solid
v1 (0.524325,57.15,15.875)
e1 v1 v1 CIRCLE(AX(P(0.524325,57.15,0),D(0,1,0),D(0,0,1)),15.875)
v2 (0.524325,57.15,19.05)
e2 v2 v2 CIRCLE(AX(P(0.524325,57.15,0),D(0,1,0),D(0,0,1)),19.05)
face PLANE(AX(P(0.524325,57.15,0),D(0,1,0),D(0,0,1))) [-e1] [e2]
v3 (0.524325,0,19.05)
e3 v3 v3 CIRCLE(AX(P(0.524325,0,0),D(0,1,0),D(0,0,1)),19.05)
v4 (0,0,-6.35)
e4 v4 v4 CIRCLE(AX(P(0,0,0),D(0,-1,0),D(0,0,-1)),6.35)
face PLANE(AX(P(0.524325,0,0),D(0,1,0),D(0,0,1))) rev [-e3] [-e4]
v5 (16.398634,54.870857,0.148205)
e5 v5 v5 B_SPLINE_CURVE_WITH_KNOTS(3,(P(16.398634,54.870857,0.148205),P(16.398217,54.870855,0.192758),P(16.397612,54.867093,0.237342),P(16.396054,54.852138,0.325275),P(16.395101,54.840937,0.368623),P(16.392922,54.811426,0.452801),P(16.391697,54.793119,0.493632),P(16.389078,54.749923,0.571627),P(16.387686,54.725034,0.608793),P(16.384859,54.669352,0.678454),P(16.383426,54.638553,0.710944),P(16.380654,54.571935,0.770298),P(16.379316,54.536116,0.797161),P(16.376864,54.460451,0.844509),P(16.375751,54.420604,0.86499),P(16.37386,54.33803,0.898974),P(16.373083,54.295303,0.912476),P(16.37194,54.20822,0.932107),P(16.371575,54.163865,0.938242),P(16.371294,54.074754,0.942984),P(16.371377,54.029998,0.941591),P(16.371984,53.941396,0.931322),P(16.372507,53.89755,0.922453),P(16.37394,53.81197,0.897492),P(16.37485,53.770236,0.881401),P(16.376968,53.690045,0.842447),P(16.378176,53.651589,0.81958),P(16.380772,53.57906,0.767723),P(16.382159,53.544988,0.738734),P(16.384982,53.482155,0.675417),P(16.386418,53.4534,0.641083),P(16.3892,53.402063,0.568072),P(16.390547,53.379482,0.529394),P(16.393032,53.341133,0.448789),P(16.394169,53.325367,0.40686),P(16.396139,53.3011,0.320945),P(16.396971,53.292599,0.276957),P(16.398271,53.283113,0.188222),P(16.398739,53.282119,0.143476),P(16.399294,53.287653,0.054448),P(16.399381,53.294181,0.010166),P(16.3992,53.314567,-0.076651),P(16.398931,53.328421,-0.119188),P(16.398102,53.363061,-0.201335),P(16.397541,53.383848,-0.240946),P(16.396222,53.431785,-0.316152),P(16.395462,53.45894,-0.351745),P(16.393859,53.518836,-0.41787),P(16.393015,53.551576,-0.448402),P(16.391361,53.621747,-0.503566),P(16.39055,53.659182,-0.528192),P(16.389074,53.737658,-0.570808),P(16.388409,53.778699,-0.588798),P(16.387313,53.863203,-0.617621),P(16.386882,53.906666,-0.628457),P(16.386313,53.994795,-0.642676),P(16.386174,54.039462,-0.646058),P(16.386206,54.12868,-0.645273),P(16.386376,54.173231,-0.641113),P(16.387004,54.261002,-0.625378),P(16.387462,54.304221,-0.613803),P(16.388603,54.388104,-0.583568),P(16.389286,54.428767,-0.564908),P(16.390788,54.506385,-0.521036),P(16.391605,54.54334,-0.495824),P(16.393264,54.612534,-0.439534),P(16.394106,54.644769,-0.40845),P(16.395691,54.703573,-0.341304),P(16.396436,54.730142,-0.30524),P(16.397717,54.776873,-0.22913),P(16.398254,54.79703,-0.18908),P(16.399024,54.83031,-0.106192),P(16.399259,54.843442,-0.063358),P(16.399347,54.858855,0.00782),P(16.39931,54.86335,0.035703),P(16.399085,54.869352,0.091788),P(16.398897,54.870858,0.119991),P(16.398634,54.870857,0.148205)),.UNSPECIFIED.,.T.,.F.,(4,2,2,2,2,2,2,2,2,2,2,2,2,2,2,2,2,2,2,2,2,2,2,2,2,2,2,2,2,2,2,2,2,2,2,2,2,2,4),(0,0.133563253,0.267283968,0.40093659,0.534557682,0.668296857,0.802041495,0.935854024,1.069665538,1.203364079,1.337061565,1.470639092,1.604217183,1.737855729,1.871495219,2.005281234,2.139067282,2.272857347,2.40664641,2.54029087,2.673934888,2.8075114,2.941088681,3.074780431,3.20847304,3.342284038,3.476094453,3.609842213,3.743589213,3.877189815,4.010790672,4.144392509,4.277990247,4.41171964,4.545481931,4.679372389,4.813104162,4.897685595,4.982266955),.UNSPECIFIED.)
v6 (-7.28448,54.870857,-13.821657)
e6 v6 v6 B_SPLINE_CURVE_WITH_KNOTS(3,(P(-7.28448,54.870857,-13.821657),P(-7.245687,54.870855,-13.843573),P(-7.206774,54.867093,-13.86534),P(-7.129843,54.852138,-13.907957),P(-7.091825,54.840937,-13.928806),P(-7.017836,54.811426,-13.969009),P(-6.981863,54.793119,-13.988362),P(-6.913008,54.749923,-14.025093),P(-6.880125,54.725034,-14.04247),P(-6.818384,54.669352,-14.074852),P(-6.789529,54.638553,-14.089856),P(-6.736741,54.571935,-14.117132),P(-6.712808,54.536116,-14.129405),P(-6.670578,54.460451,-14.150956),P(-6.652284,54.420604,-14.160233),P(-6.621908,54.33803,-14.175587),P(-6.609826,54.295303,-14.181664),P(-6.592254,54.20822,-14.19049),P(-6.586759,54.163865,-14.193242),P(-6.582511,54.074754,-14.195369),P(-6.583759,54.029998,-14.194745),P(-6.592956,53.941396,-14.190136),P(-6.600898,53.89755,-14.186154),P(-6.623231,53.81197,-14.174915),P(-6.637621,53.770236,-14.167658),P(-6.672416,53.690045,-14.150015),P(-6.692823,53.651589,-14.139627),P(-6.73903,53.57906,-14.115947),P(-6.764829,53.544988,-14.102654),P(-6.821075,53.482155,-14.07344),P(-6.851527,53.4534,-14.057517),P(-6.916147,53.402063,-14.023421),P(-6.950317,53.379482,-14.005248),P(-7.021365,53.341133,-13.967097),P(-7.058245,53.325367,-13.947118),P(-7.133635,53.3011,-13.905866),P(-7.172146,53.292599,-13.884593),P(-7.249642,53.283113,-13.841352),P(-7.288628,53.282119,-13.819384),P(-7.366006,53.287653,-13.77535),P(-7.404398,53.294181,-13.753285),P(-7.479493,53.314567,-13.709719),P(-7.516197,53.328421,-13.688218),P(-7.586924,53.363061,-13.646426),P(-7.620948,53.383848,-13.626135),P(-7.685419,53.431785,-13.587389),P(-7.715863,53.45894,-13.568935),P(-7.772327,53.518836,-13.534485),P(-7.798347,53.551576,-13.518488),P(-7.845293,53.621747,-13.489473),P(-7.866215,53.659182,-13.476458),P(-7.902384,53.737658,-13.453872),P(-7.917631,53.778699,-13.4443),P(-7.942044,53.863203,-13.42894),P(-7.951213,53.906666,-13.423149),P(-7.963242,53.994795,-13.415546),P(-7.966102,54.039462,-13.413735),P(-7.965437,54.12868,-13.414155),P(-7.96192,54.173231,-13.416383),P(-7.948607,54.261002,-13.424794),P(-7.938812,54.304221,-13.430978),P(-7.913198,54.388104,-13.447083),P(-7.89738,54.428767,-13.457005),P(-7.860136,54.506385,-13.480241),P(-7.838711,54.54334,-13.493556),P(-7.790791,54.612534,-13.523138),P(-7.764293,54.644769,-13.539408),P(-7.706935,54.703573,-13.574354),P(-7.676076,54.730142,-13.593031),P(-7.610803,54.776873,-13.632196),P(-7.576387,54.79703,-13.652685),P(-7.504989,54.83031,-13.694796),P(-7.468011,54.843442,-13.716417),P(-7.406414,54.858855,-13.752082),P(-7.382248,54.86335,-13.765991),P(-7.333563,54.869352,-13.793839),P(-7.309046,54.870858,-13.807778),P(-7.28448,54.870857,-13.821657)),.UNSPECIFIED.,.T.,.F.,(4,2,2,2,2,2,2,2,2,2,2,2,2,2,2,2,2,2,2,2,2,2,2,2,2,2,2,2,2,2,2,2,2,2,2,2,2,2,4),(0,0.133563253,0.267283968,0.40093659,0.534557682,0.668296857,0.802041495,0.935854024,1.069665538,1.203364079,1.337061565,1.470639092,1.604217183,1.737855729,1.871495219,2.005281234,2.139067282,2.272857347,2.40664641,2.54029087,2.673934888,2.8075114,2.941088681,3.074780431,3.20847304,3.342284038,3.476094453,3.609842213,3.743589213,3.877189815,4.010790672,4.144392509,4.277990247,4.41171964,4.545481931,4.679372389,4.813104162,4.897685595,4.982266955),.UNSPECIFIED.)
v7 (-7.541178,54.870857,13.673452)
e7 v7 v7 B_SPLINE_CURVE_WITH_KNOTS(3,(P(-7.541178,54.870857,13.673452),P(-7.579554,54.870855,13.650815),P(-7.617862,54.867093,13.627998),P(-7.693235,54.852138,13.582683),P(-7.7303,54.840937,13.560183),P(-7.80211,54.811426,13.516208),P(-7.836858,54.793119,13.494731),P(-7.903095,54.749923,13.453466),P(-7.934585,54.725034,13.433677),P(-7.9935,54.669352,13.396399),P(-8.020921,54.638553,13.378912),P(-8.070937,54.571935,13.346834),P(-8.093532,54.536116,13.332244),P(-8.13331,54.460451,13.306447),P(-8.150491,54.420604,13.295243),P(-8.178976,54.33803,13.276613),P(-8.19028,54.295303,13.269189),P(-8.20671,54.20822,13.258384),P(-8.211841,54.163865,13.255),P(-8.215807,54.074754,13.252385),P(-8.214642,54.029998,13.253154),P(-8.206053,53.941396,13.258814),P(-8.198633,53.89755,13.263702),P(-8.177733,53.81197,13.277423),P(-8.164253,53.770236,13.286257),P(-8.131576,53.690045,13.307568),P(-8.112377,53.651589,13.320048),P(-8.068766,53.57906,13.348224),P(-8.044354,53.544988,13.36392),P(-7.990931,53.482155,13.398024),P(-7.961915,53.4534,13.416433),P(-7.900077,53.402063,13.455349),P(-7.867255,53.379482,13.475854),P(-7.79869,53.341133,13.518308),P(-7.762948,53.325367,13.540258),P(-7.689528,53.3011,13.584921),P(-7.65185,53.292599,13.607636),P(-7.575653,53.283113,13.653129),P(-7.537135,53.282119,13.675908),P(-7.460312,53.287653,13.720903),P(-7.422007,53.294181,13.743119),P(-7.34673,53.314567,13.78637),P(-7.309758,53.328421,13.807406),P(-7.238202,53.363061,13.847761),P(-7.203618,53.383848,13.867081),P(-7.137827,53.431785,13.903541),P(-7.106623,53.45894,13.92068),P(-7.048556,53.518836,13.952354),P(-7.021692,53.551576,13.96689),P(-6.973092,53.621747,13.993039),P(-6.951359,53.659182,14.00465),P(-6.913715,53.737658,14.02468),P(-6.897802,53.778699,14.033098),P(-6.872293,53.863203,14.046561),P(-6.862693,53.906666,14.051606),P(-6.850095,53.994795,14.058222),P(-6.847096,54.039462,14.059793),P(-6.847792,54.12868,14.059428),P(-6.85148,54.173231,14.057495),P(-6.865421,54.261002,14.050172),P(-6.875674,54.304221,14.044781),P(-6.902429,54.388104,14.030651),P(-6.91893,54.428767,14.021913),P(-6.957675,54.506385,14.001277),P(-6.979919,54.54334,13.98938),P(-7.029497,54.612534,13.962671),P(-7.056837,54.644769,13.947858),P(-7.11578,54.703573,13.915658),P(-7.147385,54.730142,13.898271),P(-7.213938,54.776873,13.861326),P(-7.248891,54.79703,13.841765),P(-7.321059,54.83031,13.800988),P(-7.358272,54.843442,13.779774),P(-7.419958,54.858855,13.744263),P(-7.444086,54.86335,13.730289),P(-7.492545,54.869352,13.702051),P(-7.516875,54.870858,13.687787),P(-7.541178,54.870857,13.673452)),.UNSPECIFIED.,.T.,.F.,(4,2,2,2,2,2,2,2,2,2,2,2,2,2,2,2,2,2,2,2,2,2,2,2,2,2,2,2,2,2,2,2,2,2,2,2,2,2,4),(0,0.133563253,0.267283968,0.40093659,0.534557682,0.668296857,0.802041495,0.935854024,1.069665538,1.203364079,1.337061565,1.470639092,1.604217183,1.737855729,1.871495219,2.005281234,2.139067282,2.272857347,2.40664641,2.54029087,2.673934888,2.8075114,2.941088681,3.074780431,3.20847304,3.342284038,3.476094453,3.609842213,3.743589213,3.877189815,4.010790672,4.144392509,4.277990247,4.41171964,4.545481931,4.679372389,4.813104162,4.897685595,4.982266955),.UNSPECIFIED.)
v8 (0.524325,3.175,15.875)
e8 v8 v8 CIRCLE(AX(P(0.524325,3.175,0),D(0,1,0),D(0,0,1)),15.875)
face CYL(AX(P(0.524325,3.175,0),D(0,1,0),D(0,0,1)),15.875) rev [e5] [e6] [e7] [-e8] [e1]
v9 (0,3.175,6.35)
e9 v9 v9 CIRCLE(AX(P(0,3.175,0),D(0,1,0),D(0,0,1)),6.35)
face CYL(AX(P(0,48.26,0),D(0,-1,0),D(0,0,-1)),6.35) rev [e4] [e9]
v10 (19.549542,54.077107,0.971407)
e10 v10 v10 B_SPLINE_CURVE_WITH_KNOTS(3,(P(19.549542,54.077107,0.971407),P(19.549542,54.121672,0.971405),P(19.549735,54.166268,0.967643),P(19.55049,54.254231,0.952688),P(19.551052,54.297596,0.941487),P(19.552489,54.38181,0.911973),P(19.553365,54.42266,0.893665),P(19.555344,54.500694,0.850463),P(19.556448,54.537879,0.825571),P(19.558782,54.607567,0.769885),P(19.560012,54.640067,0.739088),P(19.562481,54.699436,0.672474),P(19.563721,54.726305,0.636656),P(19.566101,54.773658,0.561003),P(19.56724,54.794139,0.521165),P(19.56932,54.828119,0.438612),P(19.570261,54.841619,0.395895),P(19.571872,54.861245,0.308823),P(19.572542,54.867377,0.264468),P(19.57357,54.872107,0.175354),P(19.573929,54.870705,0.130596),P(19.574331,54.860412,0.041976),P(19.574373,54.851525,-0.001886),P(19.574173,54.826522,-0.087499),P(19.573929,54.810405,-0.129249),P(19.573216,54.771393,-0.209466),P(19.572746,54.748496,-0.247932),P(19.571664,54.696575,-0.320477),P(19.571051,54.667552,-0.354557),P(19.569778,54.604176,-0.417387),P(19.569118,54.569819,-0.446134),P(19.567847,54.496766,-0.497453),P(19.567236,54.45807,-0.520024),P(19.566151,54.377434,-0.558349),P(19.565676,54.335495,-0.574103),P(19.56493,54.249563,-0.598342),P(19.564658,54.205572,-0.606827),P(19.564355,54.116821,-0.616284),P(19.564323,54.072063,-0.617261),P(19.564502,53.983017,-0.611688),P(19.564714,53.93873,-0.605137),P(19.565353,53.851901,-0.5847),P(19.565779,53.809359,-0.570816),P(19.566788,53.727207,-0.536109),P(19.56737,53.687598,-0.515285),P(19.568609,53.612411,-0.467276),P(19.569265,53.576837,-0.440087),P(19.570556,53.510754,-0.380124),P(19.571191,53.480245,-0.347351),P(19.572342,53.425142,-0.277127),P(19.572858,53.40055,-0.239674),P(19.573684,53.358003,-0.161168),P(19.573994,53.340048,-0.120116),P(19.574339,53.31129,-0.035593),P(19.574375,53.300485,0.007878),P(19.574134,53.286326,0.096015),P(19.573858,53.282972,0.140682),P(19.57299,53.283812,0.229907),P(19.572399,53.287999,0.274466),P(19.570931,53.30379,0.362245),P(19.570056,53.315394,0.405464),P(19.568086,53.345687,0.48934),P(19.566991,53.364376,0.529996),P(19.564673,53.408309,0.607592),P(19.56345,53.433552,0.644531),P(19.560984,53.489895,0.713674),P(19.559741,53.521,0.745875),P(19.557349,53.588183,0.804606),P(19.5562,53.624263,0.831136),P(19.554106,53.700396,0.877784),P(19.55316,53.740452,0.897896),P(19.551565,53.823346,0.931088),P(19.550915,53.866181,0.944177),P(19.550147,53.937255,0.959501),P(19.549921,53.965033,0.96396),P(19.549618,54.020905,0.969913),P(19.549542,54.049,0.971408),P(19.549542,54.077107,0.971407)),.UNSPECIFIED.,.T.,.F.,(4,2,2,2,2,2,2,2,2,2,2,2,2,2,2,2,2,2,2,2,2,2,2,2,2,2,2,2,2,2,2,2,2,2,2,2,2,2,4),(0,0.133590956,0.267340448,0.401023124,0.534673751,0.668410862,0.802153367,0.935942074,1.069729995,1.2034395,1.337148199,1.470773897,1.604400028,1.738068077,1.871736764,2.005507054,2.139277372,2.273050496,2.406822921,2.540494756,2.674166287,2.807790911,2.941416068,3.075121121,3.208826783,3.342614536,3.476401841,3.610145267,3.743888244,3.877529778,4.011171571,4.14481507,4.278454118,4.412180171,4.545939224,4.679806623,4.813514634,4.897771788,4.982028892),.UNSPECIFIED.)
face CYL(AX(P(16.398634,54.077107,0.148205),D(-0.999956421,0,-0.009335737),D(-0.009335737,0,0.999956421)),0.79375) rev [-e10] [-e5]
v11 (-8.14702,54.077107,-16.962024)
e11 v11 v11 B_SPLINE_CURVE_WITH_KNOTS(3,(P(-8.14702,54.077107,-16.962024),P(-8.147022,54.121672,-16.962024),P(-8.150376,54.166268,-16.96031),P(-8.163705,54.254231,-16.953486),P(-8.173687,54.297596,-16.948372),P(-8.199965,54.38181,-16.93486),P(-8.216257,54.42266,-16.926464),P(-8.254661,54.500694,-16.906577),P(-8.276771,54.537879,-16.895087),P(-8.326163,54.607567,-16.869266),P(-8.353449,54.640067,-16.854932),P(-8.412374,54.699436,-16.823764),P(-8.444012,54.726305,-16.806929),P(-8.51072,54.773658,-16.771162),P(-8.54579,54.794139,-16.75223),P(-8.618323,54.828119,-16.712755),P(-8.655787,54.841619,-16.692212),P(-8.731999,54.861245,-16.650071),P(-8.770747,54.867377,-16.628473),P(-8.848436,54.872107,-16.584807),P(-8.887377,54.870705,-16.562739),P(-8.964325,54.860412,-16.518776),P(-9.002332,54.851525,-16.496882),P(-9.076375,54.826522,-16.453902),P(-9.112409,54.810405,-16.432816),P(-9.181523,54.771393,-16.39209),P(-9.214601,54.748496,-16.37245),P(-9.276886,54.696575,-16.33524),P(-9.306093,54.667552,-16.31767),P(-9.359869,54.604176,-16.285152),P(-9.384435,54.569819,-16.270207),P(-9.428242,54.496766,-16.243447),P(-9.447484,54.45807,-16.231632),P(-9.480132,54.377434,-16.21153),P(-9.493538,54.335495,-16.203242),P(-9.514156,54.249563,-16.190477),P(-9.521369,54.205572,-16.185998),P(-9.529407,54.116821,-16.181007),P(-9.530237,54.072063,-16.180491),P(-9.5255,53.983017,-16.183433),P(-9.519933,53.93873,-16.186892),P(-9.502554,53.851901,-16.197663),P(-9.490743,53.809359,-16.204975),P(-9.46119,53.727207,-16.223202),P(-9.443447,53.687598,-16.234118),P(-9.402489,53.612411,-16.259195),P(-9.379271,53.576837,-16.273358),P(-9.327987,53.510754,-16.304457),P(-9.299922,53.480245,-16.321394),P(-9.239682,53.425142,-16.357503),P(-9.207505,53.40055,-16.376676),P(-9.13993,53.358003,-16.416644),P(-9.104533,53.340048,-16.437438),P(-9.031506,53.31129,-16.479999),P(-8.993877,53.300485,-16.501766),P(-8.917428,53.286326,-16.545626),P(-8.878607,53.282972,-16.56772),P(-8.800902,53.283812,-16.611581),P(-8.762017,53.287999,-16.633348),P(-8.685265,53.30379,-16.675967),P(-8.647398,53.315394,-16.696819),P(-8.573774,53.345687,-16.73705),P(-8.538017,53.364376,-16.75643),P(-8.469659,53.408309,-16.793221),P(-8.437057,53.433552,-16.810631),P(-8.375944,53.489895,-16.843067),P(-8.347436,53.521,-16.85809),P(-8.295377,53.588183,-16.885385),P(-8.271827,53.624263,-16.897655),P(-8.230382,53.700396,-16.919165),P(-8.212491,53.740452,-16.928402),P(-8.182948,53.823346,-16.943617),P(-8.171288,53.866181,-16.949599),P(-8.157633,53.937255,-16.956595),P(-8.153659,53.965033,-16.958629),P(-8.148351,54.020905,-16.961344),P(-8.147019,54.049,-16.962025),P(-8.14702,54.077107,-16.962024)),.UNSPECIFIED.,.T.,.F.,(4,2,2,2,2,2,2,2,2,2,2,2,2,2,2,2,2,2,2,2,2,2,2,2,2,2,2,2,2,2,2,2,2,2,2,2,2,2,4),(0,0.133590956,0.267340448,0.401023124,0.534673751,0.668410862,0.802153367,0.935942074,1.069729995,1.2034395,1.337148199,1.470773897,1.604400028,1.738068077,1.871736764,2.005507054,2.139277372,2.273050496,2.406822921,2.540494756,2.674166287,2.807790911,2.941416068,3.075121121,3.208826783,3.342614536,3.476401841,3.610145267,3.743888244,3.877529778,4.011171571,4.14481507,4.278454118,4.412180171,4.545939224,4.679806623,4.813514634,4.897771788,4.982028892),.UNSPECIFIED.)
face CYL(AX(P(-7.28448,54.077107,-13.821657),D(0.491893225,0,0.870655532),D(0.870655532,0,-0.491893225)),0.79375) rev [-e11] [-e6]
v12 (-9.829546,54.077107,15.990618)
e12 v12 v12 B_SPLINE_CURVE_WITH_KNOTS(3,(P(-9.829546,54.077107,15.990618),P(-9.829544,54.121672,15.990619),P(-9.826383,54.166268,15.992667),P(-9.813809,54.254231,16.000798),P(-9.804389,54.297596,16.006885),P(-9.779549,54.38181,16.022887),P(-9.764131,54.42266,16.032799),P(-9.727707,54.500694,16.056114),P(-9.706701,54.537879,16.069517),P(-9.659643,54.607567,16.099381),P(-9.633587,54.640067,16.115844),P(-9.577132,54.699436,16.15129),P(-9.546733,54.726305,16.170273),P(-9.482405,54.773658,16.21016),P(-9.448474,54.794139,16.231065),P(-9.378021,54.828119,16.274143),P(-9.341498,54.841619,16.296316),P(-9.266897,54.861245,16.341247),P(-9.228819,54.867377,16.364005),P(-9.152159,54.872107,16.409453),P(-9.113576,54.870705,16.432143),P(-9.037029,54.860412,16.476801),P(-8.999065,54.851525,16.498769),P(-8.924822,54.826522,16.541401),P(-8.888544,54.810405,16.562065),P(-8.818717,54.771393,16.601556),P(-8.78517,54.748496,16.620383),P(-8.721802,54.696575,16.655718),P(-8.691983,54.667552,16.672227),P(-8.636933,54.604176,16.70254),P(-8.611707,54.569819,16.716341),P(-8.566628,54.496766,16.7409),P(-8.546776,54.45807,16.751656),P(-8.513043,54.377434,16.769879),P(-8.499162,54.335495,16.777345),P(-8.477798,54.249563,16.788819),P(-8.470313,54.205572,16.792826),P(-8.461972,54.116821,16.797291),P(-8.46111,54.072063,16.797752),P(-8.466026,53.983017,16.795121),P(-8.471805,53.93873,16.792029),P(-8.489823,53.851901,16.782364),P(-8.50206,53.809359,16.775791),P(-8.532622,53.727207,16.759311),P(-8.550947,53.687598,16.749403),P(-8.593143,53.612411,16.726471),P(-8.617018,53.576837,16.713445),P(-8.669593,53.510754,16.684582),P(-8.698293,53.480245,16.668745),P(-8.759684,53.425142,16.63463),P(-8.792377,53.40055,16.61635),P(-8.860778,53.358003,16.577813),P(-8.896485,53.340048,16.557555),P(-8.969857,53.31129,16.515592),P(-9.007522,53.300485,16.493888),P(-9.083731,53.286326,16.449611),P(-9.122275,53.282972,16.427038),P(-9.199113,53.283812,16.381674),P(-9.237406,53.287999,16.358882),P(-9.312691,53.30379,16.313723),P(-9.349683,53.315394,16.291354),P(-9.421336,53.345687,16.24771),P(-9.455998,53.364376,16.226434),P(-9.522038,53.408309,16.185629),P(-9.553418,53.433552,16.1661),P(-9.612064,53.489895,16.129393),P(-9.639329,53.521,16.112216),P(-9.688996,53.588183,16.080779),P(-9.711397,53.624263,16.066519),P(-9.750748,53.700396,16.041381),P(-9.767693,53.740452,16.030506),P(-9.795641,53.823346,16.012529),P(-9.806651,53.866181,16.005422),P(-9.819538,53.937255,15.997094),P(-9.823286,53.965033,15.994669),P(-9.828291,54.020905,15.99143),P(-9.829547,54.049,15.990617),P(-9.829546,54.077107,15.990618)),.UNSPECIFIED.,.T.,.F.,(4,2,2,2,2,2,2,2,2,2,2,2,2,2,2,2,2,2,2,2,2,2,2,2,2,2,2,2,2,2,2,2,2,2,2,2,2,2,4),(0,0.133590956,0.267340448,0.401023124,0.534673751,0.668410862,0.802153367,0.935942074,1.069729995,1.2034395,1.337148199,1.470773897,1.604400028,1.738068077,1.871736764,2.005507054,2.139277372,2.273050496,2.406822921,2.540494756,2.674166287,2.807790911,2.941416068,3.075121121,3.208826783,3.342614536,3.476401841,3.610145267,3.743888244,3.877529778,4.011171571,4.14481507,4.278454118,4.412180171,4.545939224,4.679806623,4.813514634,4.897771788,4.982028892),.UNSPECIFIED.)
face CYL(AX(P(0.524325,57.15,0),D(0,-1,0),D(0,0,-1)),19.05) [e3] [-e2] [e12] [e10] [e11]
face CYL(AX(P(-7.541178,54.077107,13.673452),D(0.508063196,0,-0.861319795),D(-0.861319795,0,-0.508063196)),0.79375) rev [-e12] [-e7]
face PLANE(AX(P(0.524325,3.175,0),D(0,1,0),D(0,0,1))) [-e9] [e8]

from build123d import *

# Parameters (mm, degrees)
SKETCH1_R                          = 19.05
BOSS_EXTRUDE1_DEPTH                = 57.15
SKETCH2_R                          = 15.875
CUT_EXTRUDE1_DEPTH                 = 53.975
SKETCH3_R                          = 6.35
CUT_EXTRUDE2_DEPTH                 = 48.26
F_1_16_0_0625_DIAMETER_HOLE1_D     = 1.5875
F_1_16_0_0625_DIAMETER_HOLE1_DEPTH = 13.97
CIRPATTERN1_COUNT                  = 3


with BuildPart() as part:
    # Sketch1 → Boss-Extrude1 (new body)
    with BuildSketch(Plane(origin=(0, 0, 0), x_dir=(1, 0, 0), z_dir=(0, 1, 0))):
        with Locations(Location((0.524325323, 0, 0), (0, 0, 270))):
            Circle(SKETCH1_R)
    extrude(amount=BOSS_EXTRUDE1_DEPTH)

    # Sketch2 → Cut-Extrude1 (cut)
    with BuildSketch(Plane(origin=(0, 57.15, 0), x_dir=(1, 0, 0), z_dir=(0, 1, 0))):
        with Locations(Location((0.524325323, 0, 0), (0, 0, 270))):
            Circle(SKETCH2_R)
    extrude(amount=-CUT_EXTRUDE1_DEPTH, mode=Mode.SUBTRACT)

    # Sketch3 → Cut-Extrude2 (cut)
    with BuildSketch(Plane(origin=(0, 0, 0), x_dir=(-1, 0, 0), z_dir=(0, -1, 0))):
        with Locations(Location((0, 0, 0), (0, 0, 90))):
            Circle(SKETCH3_R)
    extrude(amount=-CUT_EXTRUDE2_DEPTH, mode=Mode.SUBTRACT)

    # 1/16 (0.0625) Diameter Hole1
    with Locations(Plane(origin=(16.398633507, 54.077107179, 0.148204826), x_dir=(0.009335737046, 0, -0.999956421057), z_dir=(-0.999956421057, 0, -0.009335737046))):
        with Locations((0, 0)):
            f_1_16_0_0625_diameter_hole1 = Hole(F_1_16_0_0625_DIAMETER_HOLE1_D / 2, depth=F_1_16_0_0625_DIAMETER_HOLE1_DEPTH)

    # CirPattern1: 1/16 (0.0625) Diameter Hole1 ×3 about axis
    cirpattern1_axis = Axis((0.524325323, 57.15, 0), (0, -1, 0))
    for i in range(1, CIRPATTERN1_COUNT):
        add(f_1_16_0_0625_diameter_hole1.rotate(cirpattern1_axis, i * 360 / CIRPATTERN1_COUNT), mode=Mode.SUBTRACT)


solid = part.part
